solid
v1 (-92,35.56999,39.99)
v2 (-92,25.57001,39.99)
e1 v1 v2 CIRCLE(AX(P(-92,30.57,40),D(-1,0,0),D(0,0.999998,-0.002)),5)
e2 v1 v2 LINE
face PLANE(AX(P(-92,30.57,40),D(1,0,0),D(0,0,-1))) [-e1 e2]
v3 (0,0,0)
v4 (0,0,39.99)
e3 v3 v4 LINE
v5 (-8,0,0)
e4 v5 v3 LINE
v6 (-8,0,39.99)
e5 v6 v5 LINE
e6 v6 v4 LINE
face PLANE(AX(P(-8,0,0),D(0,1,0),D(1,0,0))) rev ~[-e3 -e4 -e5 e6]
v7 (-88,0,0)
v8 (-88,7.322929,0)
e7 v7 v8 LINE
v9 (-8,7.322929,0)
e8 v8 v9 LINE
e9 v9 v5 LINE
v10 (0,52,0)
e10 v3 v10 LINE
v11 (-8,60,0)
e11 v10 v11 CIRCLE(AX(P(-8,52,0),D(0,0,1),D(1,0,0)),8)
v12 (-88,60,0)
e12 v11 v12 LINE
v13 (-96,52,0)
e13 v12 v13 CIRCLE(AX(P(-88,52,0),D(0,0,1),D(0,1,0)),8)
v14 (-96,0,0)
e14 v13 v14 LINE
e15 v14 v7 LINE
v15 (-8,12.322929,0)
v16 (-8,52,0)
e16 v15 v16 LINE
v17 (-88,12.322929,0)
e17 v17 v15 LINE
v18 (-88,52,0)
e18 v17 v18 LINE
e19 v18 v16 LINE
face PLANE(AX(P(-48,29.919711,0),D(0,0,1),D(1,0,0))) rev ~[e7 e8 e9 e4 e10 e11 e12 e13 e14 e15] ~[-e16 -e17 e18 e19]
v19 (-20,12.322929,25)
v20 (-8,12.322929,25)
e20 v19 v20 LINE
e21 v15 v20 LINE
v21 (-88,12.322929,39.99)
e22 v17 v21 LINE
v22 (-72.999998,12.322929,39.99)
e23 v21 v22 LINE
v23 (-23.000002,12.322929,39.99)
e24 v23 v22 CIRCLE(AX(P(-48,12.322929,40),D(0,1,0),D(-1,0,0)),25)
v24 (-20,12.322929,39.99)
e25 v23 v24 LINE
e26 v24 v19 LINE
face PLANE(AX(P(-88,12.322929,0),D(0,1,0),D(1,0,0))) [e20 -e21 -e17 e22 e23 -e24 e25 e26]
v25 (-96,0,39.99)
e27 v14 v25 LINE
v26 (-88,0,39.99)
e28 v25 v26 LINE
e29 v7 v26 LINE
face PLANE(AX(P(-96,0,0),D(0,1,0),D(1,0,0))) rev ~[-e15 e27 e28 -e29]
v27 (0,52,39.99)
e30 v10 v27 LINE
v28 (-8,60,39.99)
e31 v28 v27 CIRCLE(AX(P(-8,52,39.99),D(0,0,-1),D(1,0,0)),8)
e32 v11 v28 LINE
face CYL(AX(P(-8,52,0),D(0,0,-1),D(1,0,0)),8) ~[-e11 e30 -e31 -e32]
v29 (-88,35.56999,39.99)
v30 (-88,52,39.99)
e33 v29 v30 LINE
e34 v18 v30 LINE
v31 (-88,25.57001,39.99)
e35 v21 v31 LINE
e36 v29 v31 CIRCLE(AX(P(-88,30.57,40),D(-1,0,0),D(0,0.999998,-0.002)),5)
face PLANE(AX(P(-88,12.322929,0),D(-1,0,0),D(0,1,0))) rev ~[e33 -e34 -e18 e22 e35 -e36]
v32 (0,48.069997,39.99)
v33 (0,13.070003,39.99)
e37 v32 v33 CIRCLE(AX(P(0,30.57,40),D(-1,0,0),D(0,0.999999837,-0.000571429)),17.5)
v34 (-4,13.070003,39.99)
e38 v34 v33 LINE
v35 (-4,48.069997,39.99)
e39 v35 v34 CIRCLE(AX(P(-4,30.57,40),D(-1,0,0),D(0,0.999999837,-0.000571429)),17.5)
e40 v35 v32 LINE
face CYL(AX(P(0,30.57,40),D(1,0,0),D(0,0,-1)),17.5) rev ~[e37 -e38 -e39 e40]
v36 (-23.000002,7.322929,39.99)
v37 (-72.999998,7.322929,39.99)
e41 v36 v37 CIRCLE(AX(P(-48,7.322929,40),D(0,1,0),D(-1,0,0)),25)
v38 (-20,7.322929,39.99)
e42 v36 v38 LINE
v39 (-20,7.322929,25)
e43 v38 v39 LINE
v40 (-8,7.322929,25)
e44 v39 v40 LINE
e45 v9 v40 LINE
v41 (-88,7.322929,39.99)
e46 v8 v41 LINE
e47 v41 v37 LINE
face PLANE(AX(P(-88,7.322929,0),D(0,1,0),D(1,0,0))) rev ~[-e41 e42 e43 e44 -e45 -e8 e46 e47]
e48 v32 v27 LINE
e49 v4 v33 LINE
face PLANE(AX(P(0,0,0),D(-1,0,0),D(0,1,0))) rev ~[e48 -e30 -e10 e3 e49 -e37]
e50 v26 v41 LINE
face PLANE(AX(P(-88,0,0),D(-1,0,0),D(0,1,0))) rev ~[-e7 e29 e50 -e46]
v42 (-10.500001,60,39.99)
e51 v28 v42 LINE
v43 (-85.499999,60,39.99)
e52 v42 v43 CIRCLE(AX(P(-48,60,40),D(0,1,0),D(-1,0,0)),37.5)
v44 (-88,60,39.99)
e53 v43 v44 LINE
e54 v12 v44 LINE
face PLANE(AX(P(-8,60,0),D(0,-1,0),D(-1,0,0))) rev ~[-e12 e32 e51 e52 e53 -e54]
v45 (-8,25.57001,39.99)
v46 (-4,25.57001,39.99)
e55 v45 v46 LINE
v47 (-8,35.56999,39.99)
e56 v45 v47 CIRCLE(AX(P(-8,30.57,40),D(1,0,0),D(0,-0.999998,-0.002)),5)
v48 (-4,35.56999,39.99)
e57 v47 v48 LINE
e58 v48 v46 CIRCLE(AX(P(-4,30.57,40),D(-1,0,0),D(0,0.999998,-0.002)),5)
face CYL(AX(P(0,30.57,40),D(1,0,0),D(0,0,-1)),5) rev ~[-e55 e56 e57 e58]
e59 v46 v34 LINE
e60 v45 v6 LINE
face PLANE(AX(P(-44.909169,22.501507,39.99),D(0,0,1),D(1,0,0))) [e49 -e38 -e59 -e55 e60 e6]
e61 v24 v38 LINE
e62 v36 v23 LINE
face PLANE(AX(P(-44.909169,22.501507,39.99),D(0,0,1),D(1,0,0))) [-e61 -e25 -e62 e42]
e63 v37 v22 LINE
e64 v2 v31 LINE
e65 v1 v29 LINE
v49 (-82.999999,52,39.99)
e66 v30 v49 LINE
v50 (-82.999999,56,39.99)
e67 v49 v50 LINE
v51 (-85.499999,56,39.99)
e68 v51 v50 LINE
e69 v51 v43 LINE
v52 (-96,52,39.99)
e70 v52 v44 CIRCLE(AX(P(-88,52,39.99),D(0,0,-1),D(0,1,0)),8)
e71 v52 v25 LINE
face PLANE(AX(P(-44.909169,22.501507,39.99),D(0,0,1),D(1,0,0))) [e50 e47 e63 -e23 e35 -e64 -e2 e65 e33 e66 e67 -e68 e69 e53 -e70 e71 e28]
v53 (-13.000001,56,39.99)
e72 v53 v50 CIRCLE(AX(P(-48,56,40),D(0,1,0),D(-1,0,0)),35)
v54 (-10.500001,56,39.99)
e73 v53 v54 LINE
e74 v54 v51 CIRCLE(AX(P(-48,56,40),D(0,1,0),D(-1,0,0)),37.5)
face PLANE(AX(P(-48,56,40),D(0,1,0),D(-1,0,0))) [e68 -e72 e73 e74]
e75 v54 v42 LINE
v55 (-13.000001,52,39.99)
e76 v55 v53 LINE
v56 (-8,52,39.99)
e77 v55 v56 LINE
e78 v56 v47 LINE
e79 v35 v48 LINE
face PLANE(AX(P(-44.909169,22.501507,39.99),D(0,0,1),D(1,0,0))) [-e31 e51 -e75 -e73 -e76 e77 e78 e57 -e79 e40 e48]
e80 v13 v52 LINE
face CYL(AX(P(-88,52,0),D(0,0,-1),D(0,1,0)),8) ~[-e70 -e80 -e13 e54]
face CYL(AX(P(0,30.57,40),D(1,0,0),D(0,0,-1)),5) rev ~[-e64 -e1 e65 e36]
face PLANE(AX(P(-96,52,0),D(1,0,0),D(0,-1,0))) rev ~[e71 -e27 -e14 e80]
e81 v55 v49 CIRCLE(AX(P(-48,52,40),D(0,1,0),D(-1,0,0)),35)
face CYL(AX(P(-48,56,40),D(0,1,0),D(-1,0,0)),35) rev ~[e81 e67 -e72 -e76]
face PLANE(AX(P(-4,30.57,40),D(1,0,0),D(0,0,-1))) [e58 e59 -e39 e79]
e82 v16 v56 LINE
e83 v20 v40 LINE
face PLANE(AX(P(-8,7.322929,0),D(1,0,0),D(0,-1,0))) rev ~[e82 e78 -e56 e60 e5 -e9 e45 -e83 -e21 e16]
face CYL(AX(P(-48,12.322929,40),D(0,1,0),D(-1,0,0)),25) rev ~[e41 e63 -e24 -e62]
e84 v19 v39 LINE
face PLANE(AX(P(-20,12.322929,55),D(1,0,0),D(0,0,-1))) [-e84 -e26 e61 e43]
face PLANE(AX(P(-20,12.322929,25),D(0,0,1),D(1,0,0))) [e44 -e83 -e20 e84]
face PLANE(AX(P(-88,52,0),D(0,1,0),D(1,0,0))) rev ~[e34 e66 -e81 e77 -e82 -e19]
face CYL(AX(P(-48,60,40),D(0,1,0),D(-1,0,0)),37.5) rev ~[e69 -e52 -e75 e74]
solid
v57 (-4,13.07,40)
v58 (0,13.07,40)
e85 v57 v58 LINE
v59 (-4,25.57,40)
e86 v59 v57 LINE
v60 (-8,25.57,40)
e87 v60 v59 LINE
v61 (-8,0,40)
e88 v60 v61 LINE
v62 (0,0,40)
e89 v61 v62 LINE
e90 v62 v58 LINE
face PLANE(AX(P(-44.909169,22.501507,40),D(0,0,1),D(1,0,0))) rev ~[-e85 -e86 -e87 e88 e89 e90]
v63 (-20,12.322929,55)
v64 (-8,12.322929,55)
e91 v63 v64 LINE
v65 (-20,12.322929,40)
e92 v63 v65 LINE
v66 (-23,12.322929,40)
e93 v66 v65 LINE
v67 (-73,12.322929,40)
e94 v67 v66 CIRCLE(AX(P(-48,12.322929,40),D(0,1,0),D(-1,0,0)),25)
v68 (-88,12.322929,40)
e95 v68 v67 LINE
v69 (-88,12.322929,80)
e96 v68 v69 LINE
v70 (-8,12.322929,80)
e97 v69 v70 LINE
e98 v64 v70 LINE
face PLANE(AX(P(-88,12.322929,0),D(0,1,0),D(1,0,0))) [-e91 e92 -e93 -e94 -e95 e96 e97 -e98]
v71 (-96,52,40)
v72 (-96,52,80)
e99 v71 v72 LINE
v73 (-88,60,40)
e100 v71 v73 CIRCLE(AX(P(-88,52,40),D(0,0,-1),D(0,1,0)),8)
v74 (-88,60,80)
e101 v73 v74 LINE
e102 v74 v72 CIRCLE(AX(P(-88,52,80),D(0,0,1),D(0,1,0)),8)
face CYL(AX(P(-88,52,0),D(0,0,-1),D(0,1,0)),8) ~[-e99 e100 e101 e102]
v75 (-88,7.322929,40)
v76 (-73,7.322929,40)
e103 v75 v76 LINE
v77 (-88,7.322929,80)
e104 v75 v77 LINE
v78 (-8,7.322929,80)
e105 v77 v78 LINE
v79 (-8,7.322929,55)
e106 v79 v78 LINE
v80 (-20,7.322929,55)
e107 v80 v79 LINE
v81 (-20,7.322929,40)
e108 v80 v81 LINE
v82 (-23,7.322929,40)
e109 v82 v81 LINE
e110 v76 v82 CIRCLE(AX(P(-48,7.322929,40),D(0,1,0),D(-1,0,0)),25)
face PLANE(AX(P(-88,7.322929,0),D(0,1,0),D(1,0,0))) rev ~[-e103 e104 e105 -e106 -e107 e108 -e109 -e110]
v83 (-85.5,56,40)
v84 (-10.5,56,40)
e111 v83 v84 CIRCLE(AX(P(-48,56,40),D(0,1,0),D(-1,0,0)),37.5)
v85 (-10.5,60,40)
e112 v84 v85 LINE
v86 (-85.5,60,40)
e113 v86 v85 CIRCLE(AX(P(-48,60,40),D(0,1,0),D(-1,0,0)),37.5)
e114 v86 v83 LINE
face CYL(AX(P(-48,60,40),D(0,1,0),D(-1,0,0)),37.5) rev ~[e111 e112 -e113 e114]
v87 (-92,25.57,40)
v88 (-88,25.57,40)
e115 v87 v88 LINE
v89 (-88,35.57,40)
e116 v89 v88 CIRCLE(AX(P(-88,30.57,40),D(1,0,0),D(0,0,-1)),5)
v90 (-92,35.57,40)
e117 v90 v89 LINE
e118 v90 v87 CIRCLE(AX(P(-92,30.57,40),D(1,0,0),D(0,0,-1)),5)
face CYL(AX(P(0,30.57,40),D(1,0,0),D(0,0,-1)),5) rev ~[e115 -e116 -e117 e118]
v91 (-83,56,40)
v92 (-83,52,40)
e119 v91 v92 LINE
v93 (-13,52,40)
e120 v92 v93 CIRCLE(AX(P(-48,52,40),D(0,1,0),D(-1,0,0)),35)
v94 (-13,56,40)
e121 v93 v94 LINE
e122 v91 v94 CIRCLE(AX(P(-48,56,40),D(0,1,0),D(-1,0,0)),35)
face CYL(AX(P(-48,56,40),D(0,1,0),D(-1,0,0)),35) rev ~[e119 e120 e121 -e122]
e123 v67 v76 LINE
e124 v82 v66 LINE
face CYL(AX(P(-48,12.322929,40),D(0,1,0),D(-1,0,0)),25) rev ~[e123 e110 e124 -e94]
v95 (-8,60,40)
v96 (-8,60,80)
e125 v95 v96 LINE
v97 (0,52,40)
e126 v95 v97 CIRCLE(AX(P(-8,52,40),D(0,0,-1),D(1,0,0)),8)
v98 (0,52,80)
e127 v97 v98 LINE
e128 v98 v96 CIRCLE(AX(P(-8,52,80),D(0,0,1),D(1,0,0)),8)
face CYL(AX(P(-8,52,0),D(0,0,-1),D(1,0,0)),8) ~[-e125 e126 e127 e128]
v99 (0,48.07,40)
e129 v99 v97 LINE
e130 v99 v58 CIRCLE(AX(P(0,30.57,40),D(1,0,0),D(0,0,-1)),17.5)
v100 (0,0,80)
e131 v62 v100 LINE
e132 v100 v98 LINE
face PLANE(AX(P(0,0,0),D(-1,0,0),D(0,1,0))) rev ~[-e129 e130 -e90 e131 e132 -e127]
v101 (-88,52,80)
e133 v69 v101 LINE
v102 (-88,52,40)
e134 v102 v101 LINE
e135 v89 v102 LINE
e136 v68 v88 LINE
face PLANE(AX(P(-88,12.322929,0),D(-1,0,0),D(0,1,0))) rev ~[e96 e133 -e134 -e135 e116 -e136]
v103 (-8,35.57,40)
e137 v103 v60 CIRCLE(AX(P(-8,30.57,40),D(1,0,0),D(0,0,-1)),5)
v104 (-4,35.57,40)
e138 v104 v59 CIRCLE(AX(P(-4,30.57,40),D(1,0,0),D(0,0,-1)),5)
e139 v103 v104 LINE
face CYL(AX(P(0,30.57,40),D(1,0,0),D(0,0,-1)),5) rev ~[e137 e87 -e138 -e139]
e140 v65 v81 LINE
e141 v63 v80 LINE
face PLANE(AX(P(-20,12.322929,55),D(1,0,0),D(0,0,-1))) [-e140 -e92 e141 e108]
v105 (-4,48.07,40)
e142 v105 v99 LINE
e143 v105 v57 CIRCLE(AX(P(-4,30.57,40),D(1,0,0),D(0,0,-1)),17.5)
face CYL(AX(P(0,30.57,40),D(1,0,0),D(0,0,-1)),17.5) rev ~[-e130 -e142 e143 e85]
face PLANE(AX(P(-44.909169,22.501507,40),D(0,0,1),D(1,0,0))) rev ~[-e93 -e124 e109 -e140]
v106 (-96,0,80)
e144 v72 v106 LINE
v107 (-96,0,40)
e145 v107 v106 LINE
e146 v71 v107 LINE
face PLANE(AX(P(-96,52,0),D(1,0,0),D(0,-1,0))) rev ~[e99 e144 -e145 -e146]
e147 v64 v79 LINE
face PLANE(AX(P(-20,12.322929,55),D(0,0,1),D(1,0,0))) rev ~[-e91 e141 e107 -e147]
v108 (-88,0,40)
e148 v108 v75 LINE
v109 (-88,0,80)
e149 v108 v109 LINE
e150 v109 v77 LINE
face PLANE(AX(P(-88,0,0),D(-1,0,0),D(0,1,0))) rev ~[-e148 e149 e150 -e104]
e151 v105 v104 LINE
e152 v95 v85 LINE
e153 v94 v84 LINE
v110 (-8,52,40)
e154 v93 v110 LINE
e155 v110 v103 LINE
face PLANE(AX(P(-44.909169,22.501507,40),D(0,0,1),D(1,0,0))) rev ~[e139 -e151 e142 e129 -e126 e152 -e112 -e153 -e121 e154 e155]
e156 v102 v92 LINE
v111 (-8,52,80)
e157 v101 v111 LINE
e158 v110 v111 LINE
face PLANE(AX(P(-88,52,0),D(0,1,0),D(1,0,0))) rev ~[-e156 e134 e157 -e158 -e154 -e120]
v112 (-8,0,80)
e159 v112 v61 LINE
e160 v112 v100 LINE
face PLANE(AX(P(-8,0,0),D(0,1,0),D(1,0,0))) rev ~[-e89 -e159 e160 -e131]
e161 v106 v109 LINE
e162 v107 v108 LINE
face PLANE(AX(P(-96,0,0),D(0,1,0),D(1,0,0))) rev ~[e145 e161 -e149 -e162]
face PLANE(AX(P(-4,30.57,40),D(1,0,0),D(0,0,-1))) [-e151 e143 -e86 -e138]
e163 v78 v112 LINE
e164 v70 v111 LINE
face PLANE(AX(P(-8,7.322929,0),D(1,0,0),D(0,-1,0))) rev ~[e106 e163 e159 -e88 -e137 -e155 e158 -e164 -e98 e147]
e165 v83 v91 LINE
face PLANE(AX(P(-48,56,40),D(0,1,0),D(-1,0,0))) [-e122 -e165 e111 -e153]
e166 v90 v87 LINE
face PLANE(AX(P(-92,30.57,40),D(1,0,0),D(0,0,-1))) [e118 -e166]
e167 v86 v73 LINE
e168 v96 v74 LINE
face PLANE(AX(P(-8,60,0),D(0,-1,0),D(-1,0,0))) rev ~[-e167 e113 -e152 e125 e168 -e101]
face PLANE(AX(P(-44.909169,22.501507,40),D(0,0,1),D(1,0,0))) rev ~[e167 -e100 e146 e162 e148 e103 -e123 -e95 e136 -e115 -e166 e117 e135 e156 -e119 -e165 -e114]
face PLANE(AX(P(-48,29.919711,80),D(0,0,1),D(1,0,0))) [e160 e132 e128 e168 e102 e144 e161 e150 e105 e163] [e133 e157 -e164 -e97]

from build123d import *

# Parameters (mm, degrees)
SKETCH2_W           = 80
SKETCH2_H           = 39.677071002
BOSS_EXTRUDE1_DEPTH = 80
SKETCH3_R           = 37.5
CUT_EXTRUDE1_DEPTH  = 4
SKETCH4_R           = 35
CUT_EXTRUDE2_DEPTH  = 4
SKETCH5_R           = 25
CUT_EXTRUDE3_DEPTH  = 134.750151773
SKETCH6_W           = 12
SKETCH6_H           = 30
CUT_EXTRUDE4_DEPTH  = 134.750151773
SKETCH7_R           = 5
CUT_EXTRUDE5_DEPTH  = 92
SKETCH8_R           = 17.5
CUT_EXTRUDE6_DEPTH  = 4
SKETCH9_W           = 153.346772702
SKETCH9_H           = 84.356288718
CUT_EXTRUDE8_DEPTH  = 0.01


with BuildPart() as part:
    # Sketch2 → Boss-Extrude1 (new body)
    with BuildSketch(Plane.XY):
        with BuildLine():
            Line((0, 0), (0, 52))
            ThreePointArc((0, 52), (-2.343145751, 57.656854249), (-8, 60))
            Line((-8, 60), (-88, 60))
            ThreePointArc((-88, 60), (-93.656854249, 57.656854249), (-96, 52))
            Line((-96, 52), (-96, 0))
            Line((-96, 0), (-88, 0))
            Line((-88, 0), (-88, 7.322928998))
            Line((-88, 7.322928998), (-8, 7.322928998))
            Line((-8, 7.322928998), (-8, 0))
            Line((-8, 0), (0, 0))
        make_face()
        with Locations((-48, 32.161464499)):
            Rectangle(SKETCH2_W, SKETCH2_H, mode=Mode.SUBTRACT)
    extrude(amount=BOSS_EXTRUDE1_DEPTH)

    # Sketch3 → Cut-Extrude1 (cut)
    with BuildSketch(Plane(origin=(0, 60, 0), x_dir=(1, 0, 0), z_dir=(0, 1, 0))):
        with Locations(Location((-48, -40, 0), (0, 0, 180))):
            Circle(SKETCH3_R)
    extrude(amount=-CUT_EXTRUDE1_DEPTH, mode=Mode.SUBTRACT)

    # Sketch4 → Cut-Extrude2 (cut)
    with BuildSketch(Plane(origin=(0, 56, 0), x_dir=(1, 0, 0), z_dir=(0, 1, 0))):
        with Locations(Location((-48, -40, 0), (0, 0, 180))):
            Circle(SKETCH4_R)
    extrude(amount=-CUT_EXTRUDE2_DEPTH, mode=Mode.SUBTRACT)

    # Sketch5 → Cut-Extrude3 (cut, through all)
    with BuildSketch(Plane(origin=(0, 12.322928998, 0), x_dir=(1, 0, 0), z_dir=(0, 1, 0))):
        with Locations(Location((-48, -40, 0), (0, 0, 180))):
            Circle(SKETCH5_R)
    extrude(amount=-CUT_EXTRUDE3_DEPTH, mode=Mode.SUBTRACT)

    # Sketch6 → Cut-Extrude4 (cut, through all)
    with BuildSketch(Plane(origin=(0, 12.322928998, 0), x_dir=(1, 0, 0), z_dir=(0, 1, 0))):
        with Locations((-14, -40)):
            Rectangle(SKETCH6_W, SKETCH6_H)
    extrude(amount=-CUT_EXTRUDE4_DEPTH, mode=Mode.SUBTRACT)

    # Sketch7 → Cut-Extrude5 (cut)
    with BuildSketch(Plane(origin=(0, 0, 0), x_dir=(0, 0, -1), z_dir=(1, 0, 0))):
        with Locations((-40, 30.57)):
            Circle(SKETCH7_R)
    extrude(amount=-CUT_EXTRUDE5_DEPTH, mode=Mode.SUBTRACT)

    # Sketch8 → Cut-Extrude6 (cut)
    with BuildSketch(Plane(origin=(0, 0, 0), x_dir=(0, 0, -1), z_dir=(1, 0, 0))):
        with Locations((-40, 30.57)):
            Circle(SKETCH8_R)
    extrude(amount=-CUT_EXTRUDE6_DEPTH, mode=Mode.SUBTRACT)

    # Sketch9 → Cut-Extrude8 (cut)
    with BuildSketch(Plane.XY.offset(40)):
        with Locations((-44.909168978, 22.501506988)):
            Rectangle(SKETCH9_W, SKETCH9_H)
    extrude(amount=-CUT_EXTRUDE8_DEPTH, mode=Mode.SUBTRACT)


with BuildPart() as cut_extrude8_piece_1:
    # of the separate pieces the step leaves, piece 1, a body of its own (cut_extrude8_pieces)
    add(part.part.solids().sort_by_distance((0, 13.07, 40))[0])


with BuildPart() as cut_extrude8_piece_2:
    # of the separate pieces the step leaves, piece 2, a body of its own (cut_extrude8_pieces)
    add(part.part.solids().sort_by_distance((0, 0, 0))[0])


solid = Compound([cut_extrude8_piece_1.part, cut_extrude8_piece_2.part])
